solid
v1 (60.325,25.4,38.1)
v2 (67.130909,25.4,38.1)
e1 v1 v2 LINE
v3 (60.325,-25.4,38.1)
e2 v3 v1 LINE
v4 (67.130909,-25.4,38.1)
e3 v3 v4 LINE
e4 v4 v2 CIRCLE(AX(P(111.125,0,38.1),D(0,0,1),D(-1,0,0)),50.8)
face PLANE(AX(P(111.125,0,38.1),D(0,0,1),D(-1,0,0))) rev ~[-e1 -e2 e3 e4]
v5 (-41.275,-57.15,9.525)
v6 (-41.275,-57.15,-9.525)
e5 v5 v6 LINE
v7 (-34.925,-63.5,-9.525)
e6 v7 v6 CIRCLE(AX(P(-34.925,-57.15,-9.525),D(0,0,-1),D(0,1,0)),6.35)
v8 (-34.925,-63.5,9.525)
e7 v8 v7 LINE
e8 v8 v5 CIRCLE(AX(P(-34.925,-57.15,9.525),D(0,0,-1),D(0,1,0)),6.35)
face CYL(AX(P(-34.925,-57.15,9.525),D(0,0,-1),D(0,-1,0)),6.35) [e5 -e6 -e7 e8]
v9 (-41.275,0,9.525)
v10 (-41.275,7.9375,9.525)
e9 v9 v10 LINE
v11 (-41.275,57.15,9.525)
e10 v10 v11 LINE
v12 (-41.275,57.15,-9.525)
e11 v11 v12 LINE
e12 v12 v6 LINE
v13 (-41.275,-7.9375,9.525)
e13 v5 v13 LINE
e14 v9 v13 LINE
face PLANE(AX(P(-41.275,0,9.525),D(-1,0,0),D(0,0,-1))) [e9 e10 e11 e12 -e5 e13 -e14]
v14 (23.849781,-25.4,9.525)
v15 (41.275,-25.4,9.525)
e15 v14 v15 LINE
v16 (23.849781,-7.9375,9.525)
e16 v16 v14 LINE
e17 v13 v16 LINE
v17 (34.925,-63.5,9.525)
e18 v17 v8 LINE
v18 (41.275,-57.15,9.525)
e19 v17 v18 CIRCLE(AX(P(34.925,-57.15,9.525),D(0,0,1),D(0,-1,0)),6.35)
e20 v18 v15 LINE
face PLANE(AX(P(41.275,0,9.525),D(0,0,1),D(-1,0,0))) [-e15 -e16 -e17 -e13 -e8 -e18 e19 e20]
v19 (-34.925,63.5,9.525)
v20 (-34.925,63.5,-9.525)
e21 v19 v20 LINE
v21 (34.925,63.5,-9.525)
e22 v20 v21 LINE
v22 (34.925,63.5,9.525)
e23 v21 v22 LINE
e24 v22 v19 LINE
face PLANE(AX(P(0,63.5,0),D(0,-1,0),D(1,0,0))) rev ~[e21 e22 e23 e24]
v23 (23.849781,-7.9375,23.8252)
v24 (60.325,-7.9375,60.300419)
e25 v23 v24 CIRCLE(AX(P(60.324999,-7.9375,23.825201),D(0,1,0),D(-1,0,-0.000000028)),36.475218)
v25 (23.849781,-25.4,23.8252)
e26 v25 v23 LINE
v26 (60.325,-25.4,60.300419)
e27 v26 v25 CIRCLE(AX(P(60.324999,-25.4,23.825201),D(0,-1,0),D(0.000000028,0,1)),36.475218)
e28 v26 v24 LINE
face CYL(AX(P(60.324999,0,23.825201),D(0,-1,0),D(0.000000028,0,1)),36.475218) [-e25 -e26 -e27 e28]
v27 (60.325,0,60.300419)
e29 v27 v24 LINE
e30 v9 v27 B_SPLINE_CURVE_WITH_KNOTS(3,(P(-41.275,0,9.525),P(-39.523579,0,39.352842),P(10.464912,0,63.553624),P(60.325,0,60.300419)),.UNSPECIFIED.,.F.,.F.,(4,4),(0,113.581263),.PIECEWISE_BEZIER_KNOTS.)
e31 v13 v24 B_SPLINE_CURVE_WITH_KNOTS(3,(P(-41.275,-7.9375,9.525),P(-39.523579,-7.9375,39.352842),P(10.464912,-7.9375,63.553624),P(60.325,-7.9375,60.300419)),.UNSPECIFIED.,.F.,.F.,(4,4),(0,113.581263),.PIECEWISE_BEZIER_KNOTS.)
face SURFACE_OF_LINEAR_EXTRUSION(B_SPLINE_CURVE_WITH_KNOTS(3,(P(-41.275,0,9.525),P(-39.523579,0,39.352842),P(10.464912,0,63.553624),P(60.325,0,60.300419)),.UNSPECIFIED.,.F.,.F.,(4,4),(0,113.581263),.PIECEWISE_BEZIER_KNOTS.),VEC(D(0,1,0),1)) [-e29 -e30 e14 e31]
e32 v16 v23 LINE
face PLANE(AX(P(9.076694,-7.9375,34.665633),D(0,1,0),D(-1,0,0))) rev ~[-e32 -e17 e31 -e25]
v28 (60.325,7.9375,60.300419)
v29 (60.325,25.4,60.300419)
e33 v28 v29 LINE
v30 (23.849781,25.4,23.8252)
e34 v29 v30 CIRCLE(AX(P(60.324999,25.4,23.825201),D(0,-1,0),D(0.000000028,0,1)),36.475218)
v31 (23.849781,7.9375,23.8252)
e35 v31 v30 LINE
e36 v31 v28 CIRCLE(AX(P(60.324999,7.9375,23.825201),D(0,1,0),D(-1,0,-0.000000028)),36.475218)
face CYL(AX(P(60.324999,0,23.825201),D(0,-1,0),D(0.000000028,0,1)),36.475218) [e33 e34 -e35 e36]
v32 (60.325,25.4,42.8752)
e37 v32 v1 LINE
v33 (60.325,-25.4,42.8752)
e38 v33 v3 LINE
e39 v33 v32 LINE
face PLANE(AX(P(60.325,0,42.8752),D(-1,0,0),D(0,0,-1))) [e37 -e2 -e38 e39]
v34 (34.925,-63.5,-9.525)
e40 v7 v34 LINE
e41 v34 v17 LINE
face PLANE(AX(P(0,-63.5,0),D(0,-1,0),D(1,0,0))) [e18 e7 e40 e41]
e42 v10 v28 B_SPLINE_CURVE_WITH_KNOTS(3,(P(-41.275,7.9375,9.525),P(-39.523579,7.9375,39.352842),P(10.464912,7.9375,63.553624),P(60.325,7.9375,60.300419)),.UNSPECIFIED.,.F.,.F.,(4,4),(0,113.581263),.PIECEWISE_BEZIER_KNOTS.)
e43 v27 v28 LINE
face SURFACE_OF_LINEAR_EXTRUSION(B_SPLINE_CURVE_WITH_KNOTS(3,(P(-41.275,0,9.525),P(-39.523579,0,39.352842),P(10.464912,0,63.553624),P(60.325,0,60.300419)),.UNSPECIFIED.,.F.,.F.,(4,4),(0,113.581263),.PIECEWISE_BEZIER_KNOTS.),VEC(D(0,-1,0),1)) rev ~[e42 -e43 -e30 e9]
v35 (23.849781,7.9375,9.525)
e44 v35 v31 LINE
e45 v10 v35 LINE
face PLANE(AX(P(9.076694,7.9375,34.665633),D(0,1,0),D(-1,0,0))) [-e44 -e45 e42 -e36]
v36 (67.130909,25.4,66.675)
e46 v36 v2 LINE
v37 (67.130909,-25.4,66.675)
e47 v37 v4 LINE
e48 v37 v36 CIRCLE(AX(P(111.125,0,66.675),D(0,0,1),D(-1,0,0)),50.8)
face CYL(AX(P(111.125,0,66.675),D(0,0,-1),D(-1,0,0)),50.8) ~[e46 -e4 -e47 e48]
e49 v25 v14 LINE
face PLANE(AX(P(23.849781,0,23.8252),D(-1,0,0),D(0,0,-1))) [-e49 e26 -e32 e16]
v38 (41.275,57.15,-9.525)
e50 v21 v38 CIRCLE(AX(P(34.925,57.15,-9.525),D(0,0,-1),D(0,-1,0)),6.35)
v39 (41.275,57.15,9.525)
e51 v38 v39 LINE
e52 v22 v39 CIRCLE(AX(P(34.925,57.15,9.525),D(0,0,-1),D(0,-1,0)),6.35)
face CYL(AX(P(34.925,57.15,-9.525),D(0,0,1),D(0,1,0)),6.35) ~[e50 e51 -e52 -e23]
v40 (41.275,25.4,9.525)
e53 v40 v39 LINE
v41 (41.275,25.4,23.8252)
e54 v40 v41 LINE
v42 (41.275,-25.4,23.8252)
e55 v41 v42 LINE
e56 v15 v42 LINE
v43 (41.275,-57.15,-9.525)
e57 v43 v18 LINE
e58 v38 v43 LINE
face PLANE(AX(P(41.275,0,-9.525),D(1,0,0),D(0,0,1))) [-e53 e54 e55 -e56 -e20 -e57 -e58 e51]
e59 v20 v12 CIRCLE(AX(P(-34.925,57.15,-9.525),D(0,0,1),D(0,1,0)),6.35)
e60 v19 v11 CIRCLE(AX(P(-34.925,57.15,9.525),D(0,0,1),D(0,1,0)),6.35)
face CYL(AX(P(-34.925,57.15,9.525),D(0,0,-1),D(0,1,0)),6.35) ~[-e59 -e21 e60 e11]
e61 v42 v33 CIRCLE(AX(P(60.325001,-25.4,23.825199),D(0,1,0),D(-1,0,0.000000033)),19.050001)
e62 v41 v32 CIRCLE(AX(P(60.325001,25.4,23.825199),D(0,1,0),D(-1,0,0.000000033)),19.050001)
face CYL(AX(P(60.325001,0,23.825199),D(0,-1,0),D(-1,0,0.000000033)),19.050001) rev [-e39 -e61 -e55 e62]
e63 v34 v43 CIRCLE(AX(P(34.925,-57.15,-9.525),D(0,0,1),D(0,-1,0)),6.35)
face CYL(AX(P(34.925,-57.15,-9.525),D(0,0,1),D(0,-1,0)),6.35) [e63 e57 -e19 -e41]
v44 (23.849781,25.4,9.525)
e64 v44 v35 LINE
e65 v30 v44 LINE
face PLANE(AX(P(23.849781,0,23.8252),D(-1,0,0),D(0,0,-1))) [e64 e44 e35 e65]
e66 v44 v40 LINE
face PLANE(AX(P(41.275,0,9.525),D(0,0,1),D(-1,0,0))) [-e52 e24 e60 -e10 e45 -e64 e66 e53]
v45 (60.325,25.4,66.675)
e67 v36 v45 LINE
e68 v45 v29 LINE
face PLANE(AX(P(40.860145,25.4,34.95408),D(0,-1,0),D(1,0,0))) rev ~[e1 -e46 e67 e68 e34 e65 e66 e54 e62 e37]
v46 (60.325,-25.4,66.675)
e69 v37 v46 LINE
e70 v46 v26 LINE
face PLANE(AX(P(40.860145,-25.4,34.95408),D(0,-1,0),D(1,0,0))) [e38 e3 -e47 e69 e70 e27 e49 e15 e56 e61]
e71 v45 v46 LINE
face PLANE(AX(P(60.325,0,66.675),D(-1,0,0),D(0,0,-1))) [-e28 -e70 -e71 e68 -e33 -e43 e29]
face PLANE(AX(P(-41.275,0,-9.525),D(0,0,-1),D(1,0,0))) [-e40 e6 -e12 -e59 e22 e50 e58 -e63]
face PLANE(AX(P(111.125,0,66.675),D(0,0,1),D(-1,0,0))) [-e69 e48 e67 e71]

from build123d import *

# Parameters (mm, degrees)
F1_DEPTH = 63.5
F2_DEPTH = 25.4
F3_DEPTH = 7.9375
F5_R     = 6.35


with BuildPart() as f1:
    # F0 (on Front) → F1 (new body, symmetric)
    with BuildSketch(Plane.XZ):
        Polygon((23.849781, 9.525), (-41.275, 9.525), (-41.275, -9.525), (41.275, -9.525), (41.275, 9.525), align=None)
    extrude(amount=F1_DEPTH, both=True)

    # F0 (on Front) → F2 (join, symmetric)
    with BuildSketch(Plane.XZ):
        with BuildLine():
            Line((23.849781, 23.8252), (23.849781, 9.525))
            Line((23.849781, 9.525), (41.275, 9.525))
            Line((41.275, 9.525), (41.275, 23.8252))
            ThreePointArc((41.275, 23.8252), (46.854616, 37.295584), (60.325, 42.8752))
            Line((60.325, 42.8752), (60.325, 60.300419))
            ThreePointArc((60.325, 60.300419), (34.533125, 49.617075), (23.849781, 23.8252))
        make_face()
        Polygon((60.325, 66.675), (60.325, 60.300419), (60.325, 42.8752), (60.325, 38.1), (111.125, 38.1), (111.125, 66.675), align=None)
    extrude(amount=F2_DEPTH, both=True)

    # F0 (on Front) → F3 (join, symmetric)
    with BuildSketch(Plane.XZ):
        with BuildLine():
            add(Edge.make_bspline(
                [(-41.275, 9.525), (-39.523579, 39.352842), (10.464912, 63.553624), (60.325, 60.300419)],
                knots=[0, 0, 0, 0, 113.581263, 113.581263, 113.581263, 113.581263], degree=3))
            Line((-41.275, 9.525), (23.849781, 9.525))
            Line((23.849781, 9.525), (23.849781, 23.8252))
            ThreePointArc((23.849781, 23.8252), (34.533125, 49.617075), (60.325, 60.300419))
        make_face()
    extrude(amount=F3_DEPTH, both=True)

    # F0 (on Front) → F4 (revolve)
    with BuildSketch(Plane.XZ):
        Polygon((60.325, 66.675), (60.325, 60.300419), (60.325, 42.8752), (60.325, 38.1), (111.125, 38.1), (111.125, 66.675), align=None)
    revolve(axis=Axis((111.125, 0, 52.3875), (0, 0, 1)))

    # F5
    f5_edges = [f1.edges().sort_by_distance(p)[0] for p in [
        (41.275, -63.5, 0),
        (-41.275, -63.5, 0),
        (41.275, 63.5, 0),
        (-41.275, 63.5, 0),
    ]]
    fillet(f5_edges, radius=F5_R)


solid = f1.part
